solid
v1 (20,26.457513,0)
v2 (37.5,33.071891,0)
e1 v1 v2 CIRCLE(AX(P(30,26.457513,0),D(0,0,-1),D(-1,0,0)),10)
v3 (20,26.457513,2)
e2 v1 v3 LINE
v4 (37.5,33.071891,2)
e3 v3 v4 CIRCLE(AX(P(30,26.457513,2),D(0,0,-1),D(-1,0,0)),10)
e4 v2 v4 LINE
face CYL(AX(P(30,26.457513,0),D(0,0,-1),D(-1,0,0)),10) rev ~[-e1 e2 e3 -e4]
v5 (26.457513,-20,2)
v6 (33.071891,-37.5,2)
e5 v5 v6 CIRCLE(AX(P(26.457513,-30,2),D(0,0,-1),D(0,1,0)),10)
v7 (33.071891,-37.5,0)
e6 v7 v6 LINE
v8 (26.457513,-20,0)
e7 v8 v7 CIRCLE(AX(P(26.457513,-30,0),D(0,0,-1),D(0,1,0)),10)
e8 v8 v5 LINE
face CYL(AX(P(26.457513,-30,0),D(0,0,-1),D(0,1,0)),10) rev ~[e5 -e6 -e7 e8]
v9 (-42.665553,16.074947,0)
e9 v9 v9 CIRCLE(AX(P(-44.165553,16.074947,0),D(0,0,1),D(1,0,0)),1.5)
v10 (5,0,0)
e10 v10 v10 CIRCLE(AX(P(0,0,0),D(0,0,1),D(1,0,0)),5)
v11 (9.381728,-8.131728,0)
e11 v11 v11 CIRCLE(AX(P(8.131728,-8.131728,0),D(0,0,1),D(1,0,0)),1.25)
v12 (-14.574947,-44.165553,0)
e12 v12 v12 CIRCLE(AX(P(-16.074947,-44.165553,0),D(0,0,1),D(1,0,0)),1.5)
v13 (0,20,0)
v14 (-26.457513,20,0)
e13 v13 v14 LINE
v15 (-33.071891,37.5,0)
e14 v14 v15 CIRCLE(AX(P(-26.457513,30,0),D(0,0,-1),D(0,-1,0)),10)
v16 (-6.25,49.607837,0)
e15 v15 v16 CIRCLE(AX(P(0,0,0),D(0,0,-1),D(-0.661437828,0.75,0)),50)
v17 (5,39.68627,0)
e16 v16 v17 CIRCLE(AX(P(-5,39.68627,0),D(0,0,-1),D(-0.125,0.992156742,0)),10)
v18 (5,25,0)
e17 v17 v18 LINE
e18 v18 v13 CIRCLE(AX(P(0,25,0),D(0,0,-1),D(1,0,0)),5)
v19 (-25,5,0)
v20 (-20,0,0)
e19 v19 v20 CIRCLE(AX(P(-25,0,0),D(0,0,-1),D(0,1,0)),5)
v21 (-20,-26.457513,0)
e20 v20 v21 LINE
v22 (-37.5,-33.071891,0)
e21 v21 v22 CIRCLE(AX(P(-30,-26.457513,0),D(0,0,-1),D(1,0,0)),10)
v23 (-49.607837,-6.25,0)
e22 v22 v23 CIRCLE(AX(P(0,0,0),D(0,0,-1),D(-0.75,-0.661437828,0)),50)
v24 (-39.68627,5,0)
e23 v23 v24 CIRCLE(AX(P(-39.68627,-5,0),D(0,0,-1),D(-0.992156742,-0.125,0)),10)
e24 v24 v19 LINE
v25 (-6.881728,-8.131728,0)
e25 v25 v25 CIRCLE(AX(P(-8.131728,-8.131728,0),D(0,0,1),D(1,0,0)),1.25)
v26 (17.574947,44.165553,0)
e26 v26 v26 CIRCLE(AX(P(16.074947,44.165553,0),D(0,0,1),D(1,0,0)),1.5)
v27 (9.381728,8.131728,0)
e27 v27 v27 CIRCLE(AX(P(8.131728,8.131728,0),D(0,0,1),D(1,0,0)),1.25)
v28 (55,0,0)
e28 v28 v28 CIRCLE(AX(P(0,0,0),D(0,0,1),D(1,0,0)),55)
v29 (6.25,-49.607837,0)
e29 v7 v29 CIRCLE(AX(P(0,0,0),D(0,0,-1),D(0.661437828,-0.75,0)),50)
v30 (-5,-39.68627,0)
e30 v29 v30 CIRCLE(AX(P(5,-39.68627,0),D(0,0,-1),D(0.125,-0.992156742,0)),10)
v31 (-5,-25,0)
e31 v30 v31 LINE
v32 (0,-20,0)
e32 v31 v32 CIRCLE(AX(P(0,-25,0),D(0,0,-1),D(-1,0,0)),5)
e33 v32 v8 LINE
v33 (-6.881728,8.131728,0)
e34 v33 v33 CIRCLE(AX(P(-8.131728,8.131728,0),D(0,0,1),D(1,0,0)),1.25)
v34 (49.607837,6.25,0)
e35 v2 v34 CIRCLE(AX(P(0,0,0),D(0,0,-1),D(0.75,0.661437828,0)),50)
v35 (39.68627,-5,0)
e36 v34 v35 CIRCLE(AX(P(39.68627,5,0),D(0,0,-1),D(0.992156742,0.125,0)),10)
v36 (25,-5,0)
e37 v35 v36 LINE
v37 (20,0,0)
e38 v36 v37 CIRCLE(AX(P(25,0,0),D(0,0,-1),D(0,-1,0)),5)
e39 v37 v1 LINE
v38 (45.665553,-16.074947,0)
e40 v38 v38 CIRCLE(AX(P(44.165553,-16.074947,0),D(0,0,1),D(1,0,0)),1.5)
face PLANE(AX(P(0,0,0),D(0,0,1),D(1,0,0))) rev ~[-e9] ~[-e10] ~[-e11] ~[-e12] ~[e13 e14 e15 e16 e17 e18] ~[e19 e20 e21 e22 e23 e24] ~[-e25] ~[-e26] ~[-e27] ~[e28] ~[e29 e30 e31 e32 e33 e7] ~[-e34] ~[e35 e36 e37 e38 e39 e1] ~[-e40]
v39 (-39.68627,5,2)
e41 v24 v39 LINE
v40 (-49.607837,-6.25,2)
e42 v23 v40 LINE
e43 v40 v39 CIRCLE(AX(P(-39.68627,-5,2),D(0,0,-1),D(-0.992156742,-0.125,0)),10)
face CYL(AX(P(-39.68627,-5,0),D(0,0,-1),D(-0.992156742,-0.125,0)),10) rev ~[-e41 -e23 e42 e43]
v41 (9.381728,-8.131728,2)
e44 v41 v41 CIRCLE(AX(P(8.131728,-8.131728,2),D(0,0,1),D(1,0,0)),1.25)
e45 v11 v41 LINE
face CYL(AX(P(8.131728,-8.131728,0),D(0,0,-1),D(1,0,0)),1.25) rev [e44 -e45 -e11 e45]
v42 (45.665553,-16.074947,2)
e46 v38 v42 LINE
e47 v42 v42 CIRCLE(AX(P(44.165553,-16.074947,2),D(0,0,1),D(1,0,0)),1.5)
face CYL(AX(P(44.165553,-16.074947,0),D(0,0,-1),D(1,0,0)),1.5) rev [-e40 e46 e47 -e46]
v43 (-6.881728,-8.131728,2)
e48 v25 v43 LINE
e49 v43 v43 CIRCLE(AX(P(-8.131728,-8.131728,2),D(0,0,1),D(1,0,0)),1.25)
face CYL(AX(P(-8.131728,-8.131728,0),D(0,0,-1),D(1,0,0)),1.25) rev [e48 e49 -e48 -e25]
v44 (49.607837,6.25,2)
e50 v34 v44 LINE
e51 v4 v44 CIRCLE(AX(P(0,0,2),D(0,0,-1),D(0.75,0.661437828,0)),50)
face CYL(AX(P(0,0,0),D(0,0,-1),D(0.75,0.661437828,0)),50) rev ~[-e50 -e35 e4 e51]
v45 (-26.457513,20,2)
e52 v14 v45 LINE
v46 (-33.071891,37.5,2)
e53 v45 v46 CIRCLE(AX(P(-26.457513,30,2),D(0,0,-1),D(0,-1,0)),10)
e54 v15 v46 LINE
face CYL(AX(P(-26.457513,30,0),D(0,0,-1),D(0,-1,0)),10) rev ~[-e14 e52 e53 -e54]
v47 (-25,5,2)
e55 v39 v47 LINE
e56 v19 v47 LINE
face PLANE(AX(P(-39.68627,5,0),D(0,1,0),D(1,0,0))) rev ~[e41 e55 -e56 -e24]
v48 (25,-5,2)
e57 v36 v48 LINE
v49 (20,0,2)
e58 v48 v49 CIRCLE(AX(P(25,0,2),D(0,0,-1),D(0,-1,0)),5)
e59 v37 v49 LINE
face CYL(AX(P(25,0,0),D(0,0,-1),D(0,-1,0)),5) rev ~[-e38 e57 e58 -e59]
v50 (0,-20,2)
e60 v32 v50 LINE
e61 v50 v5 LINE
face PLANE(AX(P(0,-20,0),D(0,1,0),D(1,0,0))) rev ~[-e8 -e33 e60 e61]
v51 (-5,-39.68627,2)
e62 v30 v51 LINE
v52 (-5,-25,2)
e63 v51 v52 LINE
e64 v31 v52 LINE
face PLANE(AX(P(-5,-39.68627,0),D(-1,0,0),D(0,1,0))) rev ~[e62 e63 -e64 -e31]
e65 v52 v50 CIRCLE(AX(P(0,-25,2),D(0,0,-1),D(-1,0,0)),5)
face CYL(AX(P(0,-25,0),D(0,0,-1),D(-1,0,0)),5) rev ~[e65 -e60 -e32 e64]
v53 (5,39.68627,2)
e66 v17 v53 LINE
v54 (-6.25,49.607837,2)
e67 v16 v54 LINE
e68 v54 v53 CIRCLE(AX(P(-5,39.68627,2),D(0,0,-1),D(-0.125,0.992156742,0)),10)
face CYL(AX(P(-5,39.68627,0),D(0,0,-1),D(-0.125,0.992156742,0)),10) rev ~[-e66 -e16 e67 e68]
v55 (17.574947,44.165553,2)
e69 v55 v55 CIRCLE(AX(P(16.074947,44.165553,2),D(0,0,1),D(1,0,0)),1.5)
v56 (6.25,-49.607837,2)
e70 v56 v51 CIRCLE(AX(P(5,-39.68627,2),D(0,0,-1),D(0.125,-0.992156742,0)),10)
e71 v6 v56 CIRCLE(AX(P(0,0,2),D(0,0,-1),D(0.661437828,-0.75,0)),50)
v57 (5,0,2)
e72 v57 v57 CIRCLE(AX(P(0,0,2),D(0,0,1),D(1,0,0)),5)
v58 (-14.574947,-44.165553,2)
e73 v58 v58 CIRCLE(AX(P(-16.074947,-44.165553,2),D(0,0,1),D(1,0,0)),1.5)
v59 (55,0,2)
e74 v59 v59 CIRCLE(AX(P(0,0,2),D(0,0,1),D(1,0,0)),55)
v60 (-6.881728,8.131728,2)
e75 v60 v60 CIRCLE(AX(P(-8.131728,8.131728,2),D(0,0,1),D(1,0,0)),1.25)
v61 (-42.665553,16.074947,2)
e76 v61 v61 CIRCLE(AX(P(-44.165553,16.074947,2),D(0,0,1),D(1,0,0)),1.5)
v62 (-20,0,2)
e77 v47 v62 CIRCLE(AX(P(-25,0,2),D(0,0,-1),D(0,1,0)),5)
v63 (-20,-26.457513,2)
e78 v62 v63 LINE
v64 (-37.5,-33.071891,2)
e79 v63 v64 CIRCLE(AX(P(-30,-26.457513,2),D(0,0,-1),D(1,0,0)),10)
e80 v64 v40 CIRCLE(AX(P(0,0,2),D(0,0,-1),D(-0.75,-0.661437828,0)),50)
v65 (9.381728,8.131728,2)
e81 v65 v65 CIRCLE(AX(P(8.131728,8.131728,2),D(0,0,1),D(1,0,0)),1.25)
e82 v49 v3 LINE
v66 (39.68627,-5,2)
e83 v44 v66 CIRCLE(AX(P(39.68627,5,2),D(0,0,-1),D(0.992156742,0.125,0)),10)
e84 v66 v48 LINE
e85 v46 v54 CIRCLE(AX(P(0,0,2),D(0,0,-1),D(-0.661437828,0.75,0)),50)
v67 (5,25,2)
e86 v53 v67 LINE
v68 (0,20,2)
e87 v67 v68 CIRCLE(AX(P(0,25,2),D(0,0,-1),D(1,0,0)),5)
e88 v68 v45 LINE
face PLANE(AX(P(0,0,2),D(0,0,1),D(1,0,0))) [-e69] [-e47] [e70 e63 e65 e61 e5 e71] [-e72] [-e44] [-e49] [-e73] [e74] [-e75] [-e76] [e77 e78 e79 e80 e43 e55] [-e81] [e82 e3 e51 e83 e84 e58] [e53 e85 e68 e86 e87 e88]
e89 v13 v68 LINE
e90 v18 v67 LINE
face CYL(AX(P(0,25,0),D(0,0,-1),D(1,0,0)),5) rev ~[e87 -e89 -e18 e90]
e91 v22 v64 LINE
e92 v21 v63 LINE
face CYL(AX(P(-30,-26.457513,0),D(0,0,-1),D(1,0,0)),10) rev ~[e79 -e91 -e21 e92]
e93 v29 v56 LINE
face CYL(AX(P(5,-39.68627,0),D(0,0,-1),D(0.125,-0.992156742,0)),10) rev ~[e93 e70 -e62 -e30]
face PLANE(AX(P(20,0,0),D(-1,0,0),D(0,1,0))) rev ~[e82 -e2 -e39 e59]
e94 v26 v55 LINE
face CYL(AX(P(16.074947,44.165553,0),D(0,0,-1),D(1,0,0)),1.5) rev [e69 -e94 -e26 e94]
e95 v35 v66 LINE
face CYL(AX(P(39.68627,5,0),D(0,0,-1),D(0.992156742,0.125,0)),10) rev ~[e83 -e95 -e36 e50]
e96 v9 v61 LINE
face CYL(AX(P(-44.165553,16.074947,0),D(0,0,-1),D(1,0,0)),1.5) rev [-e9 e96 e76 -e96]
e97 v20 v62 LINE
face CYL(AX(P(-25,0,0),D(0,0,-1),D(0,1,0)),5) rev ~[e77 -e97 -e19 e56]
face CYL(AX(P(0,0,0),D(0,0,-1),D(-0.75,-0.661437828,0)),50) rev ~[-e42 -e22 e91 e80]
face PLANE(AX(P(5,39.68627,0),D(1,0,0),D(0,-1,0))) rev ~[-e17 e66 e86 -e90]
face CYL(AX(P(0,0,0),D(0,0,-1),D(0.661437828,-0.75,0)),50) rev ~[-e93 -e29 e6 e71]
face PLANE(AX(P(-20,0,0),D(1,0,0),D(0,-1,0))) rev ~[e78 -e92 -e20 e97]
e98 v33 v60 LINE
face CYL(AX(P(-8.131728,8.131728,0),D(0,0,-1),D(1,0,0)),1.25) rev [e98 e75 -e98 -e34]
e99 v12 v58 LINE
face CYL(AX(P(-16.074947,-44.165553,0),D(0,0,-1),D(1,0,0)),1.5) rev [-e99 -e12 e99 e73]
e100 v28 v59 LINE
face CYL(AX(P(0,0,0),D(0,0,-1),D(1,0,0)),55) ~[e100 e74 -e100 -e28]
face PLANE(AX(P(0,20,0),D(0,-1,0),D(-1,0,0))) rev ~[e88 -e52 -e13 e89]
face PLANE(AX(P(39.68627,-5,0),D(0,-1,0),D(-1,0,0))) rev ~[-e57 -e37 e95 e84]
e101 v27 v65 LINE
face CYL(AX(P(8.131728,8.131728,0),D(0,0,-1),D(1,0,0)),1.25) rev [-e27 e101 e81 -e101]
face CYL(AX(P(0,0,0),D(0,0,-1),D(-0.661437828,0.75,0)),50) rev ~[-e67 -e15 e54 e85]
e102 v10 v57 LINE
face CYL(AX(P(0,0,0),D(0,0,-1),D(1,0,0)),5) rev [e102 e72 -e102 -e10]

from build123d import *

# Parameters (mm, degrees)
SKETCH_1_R      = 55
SKETCH_1_R_2    = 1.5
SKETCH_1_R_3    = 1.25
SKETCH_1_R_4    = 5
EXTRUDE_1_DEPTH = 2


with BuildPart() as part:
    # 草图1 → 凸台-拉伸1 (new body)
    with BuildSketch(Plane.XY):
        Circle(SKETCH_1_R)
        with Locations((-16.074946736, -44.165553177)):
            Circle(SKETCH_1_R_2, mode=Mode.SUBTRACT)
        with BuildLine():
            Line((-39.686269666, 5), (-25, 5))
            ThreePointArc((-25, 5), (-21.464466094, 3.535533906), (-20, 0))
            Line((-20, 0), (-20, -26.457513111))
            ThreePointArc((-20, -26.457513111), (-26.464466094, -35.811656578), (-37.5, -33.071891388))
            ThreePointArc((-37.5, -33.071891388), (-45.571891388, -20.571891388), (-49.607837082, -6.25))
            ThreePointArc((-49.607837082, -6.25), (-47.186269666, 1.614378278), (-39.686269666, 5))
        make_face(mode=Mode.SUBTRACT)
        with Locations((-8.131727984, -8.131727984)):
            Circle(SKETCH_1_R_3, mode=Mode.SUBTRACT)
        with BuildLine():
            ThreePointArc((-5, -25), (-3.535533906, -21.464466094), (0, -20))
            Line((0, -20), (26.457513111, -20))
            ThreePointArc((26.457513111, -20), (35.811656578, -26.464466094), (33.071891388, -37.5))
            ThreePointArc((33.071891388, -37.5), (20.571891388, -45.571891388), (6.25, -49.607837082))
            ThreePointArc((6.25, -49.607837082), (-1.614378278, -47.186269666), (-5, -39.686269666))
            Line((-5, -39.686269666), (-5, -25))
        make_face(mode=Mode.SUBTRACT)
        with Locations((8.131727984, -8.131727984)):
            Circle(SKETCH_1_R_3, mode=Mode.SUBTRACT)
        with Locations((44.165553177, -16.074946736)):
            Circle(SKETCH_1_R_2, mode=Mode.SUBTRACT)
        with Locations((-44.165553177, 16.074946736)):
            Circle(SKETCH_1_R_2, mode=Mode.SUBTRACT)
        with Locations((-8.131727984, 8.131727984)):
            Circle(SKETCH_1_R_3, mode=Mode.SUBTRACT)
        with BuildLine():
            ThreePointArc((5, 25), (3.535533906, 21.464466094), (0, 20))
            Line((0, 20), (-26.457513111, 20))
            ThreePointArc((-26.457513111, 20), (-35.811656578, 26.464466094), (-33.071891388, 37.5))
            ThreePointArc((-33.071891388, 37.5), (-20.571891388, 45.571891388), (-6.25, 49.607837082))
            ThreePointArc((-6.25, 49.607837082), (1.614378278, 47.186269666), (5, 39.686269666))
            Line((5, 39.686269666), (5, 25))
        make_face(mode=Mode.SUBTRACT)
        Circle(SKETCH_1_R_4, mode=Mode.SUBTRACT)
        with Locations((8.131727984, 8.131727984)):
            Circle(SKETCH_1_R_3, mode=Mode.SUBTRACT)
        with BuildLine():
            ThreePointArc((25, -5), (21.464466094, -3.535533906), (20, 0))
            Line((20, 0), (20, 26.457513111))
            ThreePointArc((20, 26.457513111), (26.464466094, 35.811656578), (37.5, 33.071891388))
            ThreePointArc((37.5, 33.071891388), (45.571891388, 20.571891388), (49.607837082, 6.25))
            ThreePointArc((49.607837082, 6.25), (47.186269666, -1.614378278), (39.686269666, -5))
            Line((39.686269666, -5), (25, -5))
        make_face(mode=Mode.SUBTRACT)
        with Locations((16.074946736, 44.165553177)):
            Circle(SKETCH_1_R_2, mode=Mode.SUBTRACT)
    extrude(amount=EXTRUDE_1_DEPTH)


solid = part.part
